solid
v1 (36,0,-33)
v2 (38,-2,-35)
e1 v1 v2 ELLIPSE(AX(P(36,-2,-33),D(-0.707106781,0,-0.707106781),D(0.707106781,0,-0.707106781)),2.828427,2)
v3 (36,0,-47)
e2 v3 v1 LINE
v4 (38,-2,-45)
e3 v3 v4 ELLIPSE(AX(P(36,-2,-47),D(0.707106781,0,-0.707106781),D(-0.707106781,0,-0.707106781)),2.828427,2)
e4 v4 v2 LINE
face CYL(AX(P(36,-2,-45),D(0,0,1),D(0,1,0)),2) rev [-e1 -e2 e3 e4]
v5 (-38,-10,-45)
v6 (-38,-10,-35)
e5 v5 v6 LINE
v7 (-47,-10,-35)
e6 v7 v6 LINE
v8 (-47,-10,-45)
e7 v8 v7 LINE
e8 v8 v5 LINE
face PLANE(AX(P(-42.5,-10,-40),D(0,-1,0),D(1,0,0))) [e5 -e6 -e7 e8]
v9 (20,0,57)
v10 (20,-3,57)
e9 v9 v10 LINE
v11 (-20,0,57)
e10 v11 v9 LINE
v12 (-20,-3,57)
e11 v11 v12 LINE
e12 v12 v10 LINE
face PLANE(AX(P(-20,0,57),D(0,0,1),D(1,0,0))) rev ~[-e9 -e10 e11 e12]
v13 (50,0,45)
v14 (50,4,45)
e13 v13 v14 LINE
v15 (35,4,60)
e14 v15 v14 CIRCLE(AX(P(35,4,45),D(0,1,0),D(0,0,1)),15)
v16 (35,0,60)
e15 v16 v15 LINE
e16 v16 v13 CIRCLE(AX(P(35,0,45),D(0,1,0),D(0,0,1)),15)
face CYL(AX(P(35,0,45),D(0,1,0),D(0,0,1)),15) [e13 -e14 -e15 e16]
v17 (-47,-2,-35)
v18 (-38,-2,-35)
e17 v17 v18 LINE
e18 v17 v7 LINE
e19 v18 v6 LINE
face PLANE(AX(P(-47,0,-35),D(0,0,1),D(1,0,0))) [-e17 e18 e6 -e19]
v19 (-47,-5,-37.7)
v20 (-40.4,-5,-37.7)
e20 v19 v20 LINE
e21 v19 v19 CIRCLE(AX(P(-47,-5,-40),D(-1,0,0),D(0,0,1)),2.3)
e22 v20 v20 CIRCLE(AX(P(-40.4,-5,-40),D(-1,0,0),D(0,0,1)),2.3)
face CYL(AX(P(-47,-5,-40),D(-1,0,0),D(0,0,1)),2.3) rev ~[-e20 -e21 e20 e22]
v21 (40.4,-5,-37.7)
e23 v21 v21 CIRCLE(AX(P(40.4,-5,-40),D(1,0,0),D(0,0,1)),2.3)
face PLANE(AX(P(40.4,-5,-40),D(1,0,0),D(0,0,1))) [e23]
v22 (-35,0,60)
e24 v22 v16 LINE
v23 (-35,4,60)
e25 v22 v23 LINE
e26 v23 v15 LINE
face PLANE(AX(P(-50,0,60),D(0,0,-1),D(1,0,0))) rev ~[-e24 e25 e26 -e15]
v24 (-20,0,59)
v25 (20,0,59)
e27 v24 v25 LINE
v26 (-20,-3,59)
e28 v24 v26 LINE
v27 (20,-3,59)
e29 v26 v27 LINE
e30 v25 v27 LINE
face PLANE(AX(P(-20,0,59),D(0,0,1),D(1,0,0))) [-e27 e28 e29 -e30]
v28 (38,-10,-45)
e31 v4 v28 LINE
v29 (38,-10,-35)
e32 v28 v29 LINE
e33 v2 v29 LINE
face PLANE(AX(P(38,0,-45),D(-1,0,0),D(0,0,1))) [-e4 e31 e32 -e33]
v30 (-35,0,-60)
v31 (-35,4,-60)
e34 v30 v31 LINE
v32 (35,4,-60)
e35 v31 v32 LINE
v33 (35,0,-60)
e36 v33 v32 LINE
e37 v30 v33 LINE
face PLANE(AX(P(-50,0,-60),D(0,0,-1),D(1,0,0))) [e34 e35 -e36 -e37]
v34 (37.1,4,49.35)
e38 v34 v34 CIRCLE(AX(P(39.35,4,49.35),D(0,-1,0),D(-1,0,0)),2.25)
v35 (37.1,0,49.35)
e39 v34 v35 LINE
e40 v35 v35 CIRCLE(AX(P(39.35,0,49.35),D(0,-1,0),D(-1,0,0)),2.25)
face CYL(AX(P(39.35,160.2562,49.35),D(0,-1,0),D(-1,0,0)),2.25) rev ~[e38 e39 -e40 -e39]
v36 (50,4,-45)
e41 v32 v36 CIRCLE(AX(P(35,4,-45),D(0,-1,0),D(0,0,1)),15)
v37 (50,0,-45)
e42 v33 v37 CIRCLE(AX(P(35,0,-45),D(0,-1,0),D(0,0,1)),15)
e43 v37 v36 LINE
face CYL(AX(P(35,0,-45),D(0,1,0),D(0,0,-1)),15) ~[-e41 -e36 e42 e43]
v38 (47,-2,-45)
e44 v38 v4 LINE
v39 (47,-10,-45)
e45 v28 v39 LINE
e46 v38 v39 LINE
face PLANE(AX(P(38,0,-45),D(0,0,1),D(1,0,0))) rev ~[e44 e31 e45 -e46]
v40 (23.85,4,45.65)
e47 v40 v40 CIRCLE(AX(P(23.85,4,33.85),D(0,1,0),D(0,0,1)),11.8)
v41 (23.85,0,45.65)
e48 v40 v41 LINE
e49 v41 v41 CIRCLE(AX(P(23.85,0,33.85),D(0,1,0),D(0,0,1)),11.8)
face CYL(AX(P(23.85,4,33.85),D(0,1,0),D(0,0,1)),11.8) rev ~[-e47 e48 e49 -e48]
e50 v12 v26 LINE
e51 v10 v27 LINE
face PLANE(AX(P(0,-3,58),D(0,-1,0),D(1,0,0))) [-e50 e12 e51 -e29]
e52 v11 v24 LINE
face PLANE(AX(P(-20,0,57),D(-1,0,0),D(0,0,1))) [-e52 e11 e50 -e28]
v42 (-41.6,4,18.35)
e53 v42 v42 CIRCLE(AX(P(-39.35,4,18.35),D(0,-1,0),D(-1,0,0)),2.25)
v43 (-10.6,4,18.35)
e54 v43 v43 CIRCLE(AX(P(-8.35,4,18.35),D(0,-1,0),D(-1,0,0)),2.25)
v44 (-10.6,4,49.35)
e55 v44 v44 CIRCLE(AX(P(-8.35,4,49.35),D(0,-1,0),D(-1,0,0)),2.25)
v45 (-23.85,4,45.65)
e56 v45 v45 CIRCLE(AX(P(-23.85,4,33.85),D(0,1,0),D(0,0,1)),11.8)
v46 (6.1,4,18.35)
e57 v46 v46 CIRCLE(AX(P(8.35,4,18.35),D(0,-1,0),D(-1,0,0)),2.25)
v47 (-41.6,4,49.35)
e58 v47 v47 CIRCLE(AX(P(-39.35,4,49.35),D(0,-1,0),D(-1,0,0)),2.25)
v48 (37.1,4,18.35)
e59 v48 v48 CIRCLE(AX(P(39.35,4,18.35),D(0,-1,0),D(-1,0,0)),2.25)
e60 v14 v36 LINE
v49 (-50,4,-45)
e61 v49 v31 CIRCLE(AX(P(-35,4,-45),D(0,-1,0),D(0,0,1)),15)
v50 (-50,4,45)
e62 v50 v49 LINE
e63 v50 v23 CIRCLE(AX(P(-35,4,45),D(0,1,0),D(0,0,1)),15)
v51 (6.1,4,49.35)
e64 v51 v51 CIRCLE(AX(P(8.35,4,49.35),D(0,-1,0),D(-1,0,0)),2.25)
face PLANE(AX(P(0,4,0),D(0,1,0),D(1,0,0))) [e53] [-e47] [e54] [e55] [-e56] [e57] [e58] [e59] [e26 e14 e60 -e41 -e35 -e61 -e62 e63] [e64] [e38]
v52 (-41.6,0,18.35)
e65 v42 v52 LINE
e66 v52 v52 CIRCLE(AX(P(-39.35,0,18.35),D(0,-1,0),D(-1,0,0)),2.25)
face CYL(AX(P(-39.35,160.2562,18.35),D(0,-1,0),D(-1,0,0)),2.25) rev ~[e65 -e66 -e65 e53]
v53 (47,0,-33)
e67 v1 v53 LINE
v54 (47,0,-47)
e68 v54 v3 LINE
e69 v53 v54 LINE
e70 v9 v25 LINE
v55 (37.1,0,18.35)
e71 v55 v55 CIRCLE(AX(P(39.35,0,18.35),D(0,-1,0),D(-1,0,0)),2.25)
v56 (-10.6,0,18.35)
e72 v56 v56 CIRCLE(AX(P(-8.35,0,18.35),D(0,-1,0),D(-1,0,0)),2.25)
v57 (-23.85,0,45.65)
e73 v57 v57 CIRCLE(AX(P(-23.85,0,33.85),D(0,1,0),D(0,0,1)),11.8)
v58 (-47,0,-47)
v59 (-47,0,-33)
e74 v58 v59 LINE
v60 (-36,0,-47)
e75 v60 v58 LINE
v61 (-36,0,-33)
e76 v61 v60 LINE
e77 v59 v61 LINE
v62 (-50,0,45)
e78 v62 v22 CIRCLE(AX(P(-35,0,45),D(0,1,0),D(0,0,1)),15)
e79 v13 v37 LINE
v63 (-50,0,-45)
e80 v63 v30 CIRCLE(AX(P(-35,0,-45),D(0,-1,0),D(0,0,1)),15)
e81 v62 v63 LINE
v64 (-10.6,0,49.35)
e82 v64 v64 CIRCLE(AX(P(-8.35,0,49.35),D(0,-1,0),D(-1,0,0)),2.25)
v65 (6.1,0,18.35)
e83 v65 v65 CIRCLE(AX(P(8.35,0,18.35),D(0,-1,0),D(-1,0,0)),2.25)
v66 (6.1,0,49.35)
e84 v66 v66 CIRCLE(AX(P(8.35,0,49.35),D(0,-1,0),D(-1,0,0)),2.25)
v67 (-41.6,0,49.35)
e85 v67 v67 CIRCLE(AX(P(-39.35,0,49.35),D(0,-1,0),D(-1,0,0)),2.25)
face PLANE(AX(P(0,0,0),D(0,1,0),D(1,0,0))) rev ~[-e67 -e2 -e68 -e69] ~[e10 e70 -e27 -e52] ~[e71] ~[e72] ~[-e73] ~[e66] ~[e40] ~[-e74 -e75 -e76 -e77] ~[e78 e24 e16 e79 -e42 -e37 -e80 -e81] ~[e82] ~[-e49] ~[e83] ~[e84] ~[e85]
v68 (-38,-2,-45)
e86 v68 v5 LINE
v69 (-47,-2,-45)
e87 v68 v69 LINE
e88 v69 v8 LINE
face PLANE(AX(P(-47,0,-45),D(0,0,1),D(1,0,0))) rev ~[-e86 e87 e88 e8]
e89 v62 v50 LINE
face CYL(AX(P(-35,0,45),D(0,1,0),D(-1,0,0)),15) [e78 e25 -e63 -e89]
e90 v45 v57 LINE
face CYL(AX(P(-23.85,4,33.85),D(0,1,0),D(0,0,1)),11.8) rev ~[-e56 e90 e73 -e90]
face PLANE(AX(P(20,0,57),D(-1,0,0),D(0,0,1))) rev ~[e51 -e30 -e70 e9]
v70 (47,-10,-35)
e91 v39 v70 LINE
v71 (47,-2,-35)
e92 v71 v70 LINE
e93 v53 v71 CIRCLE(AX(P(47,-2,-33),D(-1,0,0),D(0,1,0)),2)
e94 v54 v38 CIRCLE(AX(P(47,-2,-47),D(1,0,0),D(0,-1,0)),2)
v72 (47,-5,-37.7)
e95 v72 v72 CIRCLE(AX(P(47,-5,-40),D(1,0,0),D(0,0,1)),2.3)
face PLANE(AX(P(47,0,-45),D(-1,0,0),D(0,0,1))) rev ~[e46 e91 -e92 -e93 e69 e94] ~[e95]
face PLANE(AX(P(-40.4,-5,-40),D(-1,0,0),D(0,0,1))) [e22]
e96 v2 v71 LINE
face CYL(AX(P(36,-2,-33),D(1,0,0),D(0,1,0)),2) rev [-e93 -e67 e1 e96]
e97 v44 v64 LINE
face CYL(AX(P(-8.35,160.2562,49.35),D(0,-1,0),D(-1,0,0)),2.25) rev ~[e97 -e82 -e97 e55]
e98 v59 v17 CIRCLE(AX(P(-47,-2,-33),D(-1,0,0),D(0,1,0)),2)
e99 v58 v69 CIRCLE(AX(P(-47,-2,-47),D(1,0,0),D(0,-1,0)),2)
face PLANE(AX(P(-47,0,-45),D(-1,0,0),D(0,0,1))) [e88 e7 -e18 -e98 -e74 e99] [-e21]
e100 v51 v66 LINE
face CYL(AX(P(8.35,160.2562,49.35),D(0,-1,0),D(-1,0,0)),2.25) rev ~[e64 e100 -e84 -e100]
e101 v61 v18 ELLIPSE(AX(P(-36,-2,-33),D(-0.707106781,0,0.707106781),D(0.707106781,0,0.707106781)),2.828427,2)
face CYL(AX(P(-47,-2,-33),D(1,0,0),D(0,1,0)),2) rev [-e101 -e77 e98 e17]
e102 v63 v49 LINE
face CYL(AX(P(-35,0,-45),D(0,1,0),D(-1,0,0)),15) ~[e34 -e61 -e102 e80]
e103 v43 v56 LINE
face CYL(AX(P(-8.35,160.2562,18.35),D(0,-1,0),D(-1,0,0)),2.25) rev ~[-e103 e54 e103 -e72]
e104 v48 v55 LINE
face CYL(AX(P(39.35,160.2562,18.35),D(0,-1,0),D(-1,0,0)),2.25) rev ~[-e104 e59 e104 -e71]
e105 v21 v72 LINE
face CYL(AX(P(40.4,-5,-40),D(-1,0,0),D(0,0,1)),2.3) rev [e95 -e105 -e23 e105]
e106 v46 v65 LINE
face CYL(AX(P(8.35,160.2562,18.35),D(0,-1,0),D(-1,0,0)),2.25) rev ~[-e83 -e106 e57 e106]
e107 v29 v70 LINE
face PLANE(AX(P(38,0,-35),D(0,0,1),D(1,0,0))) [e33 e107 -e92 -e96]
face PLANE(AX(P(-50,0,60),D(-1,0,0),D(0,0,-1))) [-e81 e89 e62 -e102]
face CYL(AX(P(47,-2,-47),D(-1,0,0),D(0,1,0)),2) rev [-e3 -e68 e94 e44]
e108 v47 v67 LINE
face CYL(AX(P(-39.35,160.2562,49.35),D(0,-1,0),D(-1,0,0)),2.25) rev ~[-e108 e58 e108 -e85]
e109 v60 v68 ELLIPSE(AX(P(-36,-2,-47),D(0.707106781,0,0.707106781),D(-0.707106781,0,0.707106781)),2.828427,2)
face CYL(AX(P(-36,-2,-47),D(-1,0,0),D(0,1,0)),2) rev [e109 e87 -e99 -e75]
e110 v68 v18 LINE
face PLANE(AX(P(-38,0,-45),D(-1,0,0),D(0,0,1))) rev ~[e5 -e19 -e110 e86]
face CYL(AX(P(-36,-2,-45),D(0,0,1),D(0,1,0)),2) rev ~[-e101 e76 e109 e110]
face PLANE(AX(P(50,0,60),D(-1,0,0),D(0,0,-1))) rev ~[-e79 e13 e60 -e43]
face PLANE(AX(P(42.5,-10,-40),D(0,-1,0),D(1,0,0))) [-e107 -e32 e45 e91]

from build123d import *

# Parameters (mm, degrees)
SKETCH3_W            = 100
SKETCH3_H            = 120
BOSS_EXTRUDE3_DEPTH  = 4
M4_CLEARANCE_HOLE1_D = 4.5
SKETCH5_R            = 11.8
CUT_EXTRUDE3_DEPTH   = 79.204859184
FILLET1_R            = 15
SKETCH23_W           = 9
SKETCH23_H           = 10
BOSS_EXTRUDE5_DEPTH  = 10
SKETCH26_W           = 40
SKETCH26_H           = 2
BOSS_EXTRUDE6_DEPTH  = 3
SKETCH27_R           = 2.3
CUT_EXTRUDE4_DEPTH   = 6.6
CUT_EXTRUDE5_START   = -6.6
SKETCH28_R           = 2.3
CUT_EXTRUDE5_DEPTH   = 6.6
FILLET2_R            = 2
FILLET3_R            = 2
FILLET4_R            = 2
FILLET5_R            = 2
FILLET6_R            = 2
FILLET7_R            = 2


with BuildPart() as part:
    # Sketch3 → Boss-Extrude3 (new body)
    with BuildSketch(Plane(origin=(0, 0, 0), x_dir=(1, 0, 0), z_dir=(0, 1, 0))):
        Rectangle(SKETCH3_W, SKETCH3_H)
    extrude(amount=BOSS_EXTRUDE3_DEPTH)

    # M4 Clearance Hole1 (through all)
    with Locations(Plane(origin=(0, 4, 0), x_dir=(1, 0, 0), z_dir=(0, 1, 0))):
        with Locations((-8.35, -18.35), (-39.35, -18.35), (-39.35, -49.35), (-8.35, -49.35), (8.35, -18.35), (39.35, -18.35), (39.35, -49.35), (8.35, -49.35)):
            Hole(M4_CLEARANCE_HOLE1_D / 2)

    # Sketch5 → Cut-Extrude3 (cut, through all)
    with BuildSketch(Plane(origin=(0, 4, 0), x_dir=(1, 0, 0), z_dir=(0, 1, 0))):
        with Locations(Location((-23.85, -33.85, 0), (0, 0, 270))):
            Circle(SKETCH5_R)
        with Locations(Location((23.85, -33.85, 0), (0, 0, 270))):
            Circle(SKETCH5_R)
    extrude(amount=-CUT_EXTRUDE3_DEPTH, mode=Mode.SUBTRACT)

    # Fillet1
    fillet1_edges = [part.edges().sort_by_distance(p)[0] for p in [
        (50, 2, 60),
        (-50, 2, 60),
        (-50, 2, -60),
        (50, 2, -60),
    ]]
    fillet(fillet1_edges, radius=FILLET1_R)

    # Sketch23 → Boss-Extrude5 (add)
    with BuildSketch(Plane.XZ):
        with Locations((-42.5, -40)):
            Rectangle(SKETCH23_W, SKETCH23_H)
        with Locations((42.5, -40)):
            Rectangle(SKETCH23_W, SKETCH23_H)
    extrude(amount=BOSS_EXTRUDE5_DEPTH)

    # Sketch26 → Boss-Extrude6 (add)
    with BuildSketch(Plane.XZ):
        with Locations((0, 58)):
            Rectangle(SKETCH26_W, SKETCH26_H)
    extrude(amount=BOSS_EXTRUDE6_DEPTH)

    # Sketch27 → Cut-Extrude4 (cut)
    with BuildSketch(Plane.ZY.offset(47)):
        with Locations((-40, -5)):
            Circle(SKETCH27_R)
    extrude(amount=-CUT_EXTRUDE4_DEPTH, mode=Mode.SUBTRACT)

    # Sketch28 → Cut-Extrude5 (cut)
    with BuildSketch(Plane(origin=(47, 0, 0), x_dir=(0, 0, -1), z_dir=(1, 0, 0)).offset(CUT_EXTRUDE5_START)):
        with Locations(Location((40, -5, 0), (0, 0, 180))):
            Circle(SKETCH28_R)
    extrude(amount=CUT_EXTRUDE5_DEPTH, mode=Mode.SUBTRACT)

    # Fillet2
    fillet2_edges = [part.edges().sort_by_distance(p)[0] for p in [
        (38, 0, -40),
    ]]
    fillet(fillet2_edges, radius=FILLET2_R)

    # Fillet3
    fillet3_edges = [part.edges().sort_by_distance(p)[0] for p in [
        (-38, 0, -40),
    ]]
    fillet(fillet3_edges, radius=FILLET3_R)

    # Fillet4
    fillet4_edges = [part.edges().sort_by_distance(p)[0] for p in [
        (41.5, 0, -35),
    ]]
    fillet(fillet4_edges, radius=FILLET4_R)

    # Fillet5
    fillet5_edges = [part.edges().sort_by_distance(p)[0] for p in [
        (-41.5, 0, -35),
    ]]
    fillet(fillet5_edges, radius=FILLET5_R)

    # Fillet6
    fillet6_edges = [part.edges().sort_by_distance(p)[0] for p in [
        (41.5, 0, -45),
    ]]
    fillet(fillet6_edges, radius=FILLET6_R)

    # Fillet7
    fillet7_edges = [part.edges().sort_by_distance(p)[0] for p in [
        (-41.5, 0, -45),
    ]]
    fillet(fillet7_edges, radius=FILLET7_R)


solid = part.part
